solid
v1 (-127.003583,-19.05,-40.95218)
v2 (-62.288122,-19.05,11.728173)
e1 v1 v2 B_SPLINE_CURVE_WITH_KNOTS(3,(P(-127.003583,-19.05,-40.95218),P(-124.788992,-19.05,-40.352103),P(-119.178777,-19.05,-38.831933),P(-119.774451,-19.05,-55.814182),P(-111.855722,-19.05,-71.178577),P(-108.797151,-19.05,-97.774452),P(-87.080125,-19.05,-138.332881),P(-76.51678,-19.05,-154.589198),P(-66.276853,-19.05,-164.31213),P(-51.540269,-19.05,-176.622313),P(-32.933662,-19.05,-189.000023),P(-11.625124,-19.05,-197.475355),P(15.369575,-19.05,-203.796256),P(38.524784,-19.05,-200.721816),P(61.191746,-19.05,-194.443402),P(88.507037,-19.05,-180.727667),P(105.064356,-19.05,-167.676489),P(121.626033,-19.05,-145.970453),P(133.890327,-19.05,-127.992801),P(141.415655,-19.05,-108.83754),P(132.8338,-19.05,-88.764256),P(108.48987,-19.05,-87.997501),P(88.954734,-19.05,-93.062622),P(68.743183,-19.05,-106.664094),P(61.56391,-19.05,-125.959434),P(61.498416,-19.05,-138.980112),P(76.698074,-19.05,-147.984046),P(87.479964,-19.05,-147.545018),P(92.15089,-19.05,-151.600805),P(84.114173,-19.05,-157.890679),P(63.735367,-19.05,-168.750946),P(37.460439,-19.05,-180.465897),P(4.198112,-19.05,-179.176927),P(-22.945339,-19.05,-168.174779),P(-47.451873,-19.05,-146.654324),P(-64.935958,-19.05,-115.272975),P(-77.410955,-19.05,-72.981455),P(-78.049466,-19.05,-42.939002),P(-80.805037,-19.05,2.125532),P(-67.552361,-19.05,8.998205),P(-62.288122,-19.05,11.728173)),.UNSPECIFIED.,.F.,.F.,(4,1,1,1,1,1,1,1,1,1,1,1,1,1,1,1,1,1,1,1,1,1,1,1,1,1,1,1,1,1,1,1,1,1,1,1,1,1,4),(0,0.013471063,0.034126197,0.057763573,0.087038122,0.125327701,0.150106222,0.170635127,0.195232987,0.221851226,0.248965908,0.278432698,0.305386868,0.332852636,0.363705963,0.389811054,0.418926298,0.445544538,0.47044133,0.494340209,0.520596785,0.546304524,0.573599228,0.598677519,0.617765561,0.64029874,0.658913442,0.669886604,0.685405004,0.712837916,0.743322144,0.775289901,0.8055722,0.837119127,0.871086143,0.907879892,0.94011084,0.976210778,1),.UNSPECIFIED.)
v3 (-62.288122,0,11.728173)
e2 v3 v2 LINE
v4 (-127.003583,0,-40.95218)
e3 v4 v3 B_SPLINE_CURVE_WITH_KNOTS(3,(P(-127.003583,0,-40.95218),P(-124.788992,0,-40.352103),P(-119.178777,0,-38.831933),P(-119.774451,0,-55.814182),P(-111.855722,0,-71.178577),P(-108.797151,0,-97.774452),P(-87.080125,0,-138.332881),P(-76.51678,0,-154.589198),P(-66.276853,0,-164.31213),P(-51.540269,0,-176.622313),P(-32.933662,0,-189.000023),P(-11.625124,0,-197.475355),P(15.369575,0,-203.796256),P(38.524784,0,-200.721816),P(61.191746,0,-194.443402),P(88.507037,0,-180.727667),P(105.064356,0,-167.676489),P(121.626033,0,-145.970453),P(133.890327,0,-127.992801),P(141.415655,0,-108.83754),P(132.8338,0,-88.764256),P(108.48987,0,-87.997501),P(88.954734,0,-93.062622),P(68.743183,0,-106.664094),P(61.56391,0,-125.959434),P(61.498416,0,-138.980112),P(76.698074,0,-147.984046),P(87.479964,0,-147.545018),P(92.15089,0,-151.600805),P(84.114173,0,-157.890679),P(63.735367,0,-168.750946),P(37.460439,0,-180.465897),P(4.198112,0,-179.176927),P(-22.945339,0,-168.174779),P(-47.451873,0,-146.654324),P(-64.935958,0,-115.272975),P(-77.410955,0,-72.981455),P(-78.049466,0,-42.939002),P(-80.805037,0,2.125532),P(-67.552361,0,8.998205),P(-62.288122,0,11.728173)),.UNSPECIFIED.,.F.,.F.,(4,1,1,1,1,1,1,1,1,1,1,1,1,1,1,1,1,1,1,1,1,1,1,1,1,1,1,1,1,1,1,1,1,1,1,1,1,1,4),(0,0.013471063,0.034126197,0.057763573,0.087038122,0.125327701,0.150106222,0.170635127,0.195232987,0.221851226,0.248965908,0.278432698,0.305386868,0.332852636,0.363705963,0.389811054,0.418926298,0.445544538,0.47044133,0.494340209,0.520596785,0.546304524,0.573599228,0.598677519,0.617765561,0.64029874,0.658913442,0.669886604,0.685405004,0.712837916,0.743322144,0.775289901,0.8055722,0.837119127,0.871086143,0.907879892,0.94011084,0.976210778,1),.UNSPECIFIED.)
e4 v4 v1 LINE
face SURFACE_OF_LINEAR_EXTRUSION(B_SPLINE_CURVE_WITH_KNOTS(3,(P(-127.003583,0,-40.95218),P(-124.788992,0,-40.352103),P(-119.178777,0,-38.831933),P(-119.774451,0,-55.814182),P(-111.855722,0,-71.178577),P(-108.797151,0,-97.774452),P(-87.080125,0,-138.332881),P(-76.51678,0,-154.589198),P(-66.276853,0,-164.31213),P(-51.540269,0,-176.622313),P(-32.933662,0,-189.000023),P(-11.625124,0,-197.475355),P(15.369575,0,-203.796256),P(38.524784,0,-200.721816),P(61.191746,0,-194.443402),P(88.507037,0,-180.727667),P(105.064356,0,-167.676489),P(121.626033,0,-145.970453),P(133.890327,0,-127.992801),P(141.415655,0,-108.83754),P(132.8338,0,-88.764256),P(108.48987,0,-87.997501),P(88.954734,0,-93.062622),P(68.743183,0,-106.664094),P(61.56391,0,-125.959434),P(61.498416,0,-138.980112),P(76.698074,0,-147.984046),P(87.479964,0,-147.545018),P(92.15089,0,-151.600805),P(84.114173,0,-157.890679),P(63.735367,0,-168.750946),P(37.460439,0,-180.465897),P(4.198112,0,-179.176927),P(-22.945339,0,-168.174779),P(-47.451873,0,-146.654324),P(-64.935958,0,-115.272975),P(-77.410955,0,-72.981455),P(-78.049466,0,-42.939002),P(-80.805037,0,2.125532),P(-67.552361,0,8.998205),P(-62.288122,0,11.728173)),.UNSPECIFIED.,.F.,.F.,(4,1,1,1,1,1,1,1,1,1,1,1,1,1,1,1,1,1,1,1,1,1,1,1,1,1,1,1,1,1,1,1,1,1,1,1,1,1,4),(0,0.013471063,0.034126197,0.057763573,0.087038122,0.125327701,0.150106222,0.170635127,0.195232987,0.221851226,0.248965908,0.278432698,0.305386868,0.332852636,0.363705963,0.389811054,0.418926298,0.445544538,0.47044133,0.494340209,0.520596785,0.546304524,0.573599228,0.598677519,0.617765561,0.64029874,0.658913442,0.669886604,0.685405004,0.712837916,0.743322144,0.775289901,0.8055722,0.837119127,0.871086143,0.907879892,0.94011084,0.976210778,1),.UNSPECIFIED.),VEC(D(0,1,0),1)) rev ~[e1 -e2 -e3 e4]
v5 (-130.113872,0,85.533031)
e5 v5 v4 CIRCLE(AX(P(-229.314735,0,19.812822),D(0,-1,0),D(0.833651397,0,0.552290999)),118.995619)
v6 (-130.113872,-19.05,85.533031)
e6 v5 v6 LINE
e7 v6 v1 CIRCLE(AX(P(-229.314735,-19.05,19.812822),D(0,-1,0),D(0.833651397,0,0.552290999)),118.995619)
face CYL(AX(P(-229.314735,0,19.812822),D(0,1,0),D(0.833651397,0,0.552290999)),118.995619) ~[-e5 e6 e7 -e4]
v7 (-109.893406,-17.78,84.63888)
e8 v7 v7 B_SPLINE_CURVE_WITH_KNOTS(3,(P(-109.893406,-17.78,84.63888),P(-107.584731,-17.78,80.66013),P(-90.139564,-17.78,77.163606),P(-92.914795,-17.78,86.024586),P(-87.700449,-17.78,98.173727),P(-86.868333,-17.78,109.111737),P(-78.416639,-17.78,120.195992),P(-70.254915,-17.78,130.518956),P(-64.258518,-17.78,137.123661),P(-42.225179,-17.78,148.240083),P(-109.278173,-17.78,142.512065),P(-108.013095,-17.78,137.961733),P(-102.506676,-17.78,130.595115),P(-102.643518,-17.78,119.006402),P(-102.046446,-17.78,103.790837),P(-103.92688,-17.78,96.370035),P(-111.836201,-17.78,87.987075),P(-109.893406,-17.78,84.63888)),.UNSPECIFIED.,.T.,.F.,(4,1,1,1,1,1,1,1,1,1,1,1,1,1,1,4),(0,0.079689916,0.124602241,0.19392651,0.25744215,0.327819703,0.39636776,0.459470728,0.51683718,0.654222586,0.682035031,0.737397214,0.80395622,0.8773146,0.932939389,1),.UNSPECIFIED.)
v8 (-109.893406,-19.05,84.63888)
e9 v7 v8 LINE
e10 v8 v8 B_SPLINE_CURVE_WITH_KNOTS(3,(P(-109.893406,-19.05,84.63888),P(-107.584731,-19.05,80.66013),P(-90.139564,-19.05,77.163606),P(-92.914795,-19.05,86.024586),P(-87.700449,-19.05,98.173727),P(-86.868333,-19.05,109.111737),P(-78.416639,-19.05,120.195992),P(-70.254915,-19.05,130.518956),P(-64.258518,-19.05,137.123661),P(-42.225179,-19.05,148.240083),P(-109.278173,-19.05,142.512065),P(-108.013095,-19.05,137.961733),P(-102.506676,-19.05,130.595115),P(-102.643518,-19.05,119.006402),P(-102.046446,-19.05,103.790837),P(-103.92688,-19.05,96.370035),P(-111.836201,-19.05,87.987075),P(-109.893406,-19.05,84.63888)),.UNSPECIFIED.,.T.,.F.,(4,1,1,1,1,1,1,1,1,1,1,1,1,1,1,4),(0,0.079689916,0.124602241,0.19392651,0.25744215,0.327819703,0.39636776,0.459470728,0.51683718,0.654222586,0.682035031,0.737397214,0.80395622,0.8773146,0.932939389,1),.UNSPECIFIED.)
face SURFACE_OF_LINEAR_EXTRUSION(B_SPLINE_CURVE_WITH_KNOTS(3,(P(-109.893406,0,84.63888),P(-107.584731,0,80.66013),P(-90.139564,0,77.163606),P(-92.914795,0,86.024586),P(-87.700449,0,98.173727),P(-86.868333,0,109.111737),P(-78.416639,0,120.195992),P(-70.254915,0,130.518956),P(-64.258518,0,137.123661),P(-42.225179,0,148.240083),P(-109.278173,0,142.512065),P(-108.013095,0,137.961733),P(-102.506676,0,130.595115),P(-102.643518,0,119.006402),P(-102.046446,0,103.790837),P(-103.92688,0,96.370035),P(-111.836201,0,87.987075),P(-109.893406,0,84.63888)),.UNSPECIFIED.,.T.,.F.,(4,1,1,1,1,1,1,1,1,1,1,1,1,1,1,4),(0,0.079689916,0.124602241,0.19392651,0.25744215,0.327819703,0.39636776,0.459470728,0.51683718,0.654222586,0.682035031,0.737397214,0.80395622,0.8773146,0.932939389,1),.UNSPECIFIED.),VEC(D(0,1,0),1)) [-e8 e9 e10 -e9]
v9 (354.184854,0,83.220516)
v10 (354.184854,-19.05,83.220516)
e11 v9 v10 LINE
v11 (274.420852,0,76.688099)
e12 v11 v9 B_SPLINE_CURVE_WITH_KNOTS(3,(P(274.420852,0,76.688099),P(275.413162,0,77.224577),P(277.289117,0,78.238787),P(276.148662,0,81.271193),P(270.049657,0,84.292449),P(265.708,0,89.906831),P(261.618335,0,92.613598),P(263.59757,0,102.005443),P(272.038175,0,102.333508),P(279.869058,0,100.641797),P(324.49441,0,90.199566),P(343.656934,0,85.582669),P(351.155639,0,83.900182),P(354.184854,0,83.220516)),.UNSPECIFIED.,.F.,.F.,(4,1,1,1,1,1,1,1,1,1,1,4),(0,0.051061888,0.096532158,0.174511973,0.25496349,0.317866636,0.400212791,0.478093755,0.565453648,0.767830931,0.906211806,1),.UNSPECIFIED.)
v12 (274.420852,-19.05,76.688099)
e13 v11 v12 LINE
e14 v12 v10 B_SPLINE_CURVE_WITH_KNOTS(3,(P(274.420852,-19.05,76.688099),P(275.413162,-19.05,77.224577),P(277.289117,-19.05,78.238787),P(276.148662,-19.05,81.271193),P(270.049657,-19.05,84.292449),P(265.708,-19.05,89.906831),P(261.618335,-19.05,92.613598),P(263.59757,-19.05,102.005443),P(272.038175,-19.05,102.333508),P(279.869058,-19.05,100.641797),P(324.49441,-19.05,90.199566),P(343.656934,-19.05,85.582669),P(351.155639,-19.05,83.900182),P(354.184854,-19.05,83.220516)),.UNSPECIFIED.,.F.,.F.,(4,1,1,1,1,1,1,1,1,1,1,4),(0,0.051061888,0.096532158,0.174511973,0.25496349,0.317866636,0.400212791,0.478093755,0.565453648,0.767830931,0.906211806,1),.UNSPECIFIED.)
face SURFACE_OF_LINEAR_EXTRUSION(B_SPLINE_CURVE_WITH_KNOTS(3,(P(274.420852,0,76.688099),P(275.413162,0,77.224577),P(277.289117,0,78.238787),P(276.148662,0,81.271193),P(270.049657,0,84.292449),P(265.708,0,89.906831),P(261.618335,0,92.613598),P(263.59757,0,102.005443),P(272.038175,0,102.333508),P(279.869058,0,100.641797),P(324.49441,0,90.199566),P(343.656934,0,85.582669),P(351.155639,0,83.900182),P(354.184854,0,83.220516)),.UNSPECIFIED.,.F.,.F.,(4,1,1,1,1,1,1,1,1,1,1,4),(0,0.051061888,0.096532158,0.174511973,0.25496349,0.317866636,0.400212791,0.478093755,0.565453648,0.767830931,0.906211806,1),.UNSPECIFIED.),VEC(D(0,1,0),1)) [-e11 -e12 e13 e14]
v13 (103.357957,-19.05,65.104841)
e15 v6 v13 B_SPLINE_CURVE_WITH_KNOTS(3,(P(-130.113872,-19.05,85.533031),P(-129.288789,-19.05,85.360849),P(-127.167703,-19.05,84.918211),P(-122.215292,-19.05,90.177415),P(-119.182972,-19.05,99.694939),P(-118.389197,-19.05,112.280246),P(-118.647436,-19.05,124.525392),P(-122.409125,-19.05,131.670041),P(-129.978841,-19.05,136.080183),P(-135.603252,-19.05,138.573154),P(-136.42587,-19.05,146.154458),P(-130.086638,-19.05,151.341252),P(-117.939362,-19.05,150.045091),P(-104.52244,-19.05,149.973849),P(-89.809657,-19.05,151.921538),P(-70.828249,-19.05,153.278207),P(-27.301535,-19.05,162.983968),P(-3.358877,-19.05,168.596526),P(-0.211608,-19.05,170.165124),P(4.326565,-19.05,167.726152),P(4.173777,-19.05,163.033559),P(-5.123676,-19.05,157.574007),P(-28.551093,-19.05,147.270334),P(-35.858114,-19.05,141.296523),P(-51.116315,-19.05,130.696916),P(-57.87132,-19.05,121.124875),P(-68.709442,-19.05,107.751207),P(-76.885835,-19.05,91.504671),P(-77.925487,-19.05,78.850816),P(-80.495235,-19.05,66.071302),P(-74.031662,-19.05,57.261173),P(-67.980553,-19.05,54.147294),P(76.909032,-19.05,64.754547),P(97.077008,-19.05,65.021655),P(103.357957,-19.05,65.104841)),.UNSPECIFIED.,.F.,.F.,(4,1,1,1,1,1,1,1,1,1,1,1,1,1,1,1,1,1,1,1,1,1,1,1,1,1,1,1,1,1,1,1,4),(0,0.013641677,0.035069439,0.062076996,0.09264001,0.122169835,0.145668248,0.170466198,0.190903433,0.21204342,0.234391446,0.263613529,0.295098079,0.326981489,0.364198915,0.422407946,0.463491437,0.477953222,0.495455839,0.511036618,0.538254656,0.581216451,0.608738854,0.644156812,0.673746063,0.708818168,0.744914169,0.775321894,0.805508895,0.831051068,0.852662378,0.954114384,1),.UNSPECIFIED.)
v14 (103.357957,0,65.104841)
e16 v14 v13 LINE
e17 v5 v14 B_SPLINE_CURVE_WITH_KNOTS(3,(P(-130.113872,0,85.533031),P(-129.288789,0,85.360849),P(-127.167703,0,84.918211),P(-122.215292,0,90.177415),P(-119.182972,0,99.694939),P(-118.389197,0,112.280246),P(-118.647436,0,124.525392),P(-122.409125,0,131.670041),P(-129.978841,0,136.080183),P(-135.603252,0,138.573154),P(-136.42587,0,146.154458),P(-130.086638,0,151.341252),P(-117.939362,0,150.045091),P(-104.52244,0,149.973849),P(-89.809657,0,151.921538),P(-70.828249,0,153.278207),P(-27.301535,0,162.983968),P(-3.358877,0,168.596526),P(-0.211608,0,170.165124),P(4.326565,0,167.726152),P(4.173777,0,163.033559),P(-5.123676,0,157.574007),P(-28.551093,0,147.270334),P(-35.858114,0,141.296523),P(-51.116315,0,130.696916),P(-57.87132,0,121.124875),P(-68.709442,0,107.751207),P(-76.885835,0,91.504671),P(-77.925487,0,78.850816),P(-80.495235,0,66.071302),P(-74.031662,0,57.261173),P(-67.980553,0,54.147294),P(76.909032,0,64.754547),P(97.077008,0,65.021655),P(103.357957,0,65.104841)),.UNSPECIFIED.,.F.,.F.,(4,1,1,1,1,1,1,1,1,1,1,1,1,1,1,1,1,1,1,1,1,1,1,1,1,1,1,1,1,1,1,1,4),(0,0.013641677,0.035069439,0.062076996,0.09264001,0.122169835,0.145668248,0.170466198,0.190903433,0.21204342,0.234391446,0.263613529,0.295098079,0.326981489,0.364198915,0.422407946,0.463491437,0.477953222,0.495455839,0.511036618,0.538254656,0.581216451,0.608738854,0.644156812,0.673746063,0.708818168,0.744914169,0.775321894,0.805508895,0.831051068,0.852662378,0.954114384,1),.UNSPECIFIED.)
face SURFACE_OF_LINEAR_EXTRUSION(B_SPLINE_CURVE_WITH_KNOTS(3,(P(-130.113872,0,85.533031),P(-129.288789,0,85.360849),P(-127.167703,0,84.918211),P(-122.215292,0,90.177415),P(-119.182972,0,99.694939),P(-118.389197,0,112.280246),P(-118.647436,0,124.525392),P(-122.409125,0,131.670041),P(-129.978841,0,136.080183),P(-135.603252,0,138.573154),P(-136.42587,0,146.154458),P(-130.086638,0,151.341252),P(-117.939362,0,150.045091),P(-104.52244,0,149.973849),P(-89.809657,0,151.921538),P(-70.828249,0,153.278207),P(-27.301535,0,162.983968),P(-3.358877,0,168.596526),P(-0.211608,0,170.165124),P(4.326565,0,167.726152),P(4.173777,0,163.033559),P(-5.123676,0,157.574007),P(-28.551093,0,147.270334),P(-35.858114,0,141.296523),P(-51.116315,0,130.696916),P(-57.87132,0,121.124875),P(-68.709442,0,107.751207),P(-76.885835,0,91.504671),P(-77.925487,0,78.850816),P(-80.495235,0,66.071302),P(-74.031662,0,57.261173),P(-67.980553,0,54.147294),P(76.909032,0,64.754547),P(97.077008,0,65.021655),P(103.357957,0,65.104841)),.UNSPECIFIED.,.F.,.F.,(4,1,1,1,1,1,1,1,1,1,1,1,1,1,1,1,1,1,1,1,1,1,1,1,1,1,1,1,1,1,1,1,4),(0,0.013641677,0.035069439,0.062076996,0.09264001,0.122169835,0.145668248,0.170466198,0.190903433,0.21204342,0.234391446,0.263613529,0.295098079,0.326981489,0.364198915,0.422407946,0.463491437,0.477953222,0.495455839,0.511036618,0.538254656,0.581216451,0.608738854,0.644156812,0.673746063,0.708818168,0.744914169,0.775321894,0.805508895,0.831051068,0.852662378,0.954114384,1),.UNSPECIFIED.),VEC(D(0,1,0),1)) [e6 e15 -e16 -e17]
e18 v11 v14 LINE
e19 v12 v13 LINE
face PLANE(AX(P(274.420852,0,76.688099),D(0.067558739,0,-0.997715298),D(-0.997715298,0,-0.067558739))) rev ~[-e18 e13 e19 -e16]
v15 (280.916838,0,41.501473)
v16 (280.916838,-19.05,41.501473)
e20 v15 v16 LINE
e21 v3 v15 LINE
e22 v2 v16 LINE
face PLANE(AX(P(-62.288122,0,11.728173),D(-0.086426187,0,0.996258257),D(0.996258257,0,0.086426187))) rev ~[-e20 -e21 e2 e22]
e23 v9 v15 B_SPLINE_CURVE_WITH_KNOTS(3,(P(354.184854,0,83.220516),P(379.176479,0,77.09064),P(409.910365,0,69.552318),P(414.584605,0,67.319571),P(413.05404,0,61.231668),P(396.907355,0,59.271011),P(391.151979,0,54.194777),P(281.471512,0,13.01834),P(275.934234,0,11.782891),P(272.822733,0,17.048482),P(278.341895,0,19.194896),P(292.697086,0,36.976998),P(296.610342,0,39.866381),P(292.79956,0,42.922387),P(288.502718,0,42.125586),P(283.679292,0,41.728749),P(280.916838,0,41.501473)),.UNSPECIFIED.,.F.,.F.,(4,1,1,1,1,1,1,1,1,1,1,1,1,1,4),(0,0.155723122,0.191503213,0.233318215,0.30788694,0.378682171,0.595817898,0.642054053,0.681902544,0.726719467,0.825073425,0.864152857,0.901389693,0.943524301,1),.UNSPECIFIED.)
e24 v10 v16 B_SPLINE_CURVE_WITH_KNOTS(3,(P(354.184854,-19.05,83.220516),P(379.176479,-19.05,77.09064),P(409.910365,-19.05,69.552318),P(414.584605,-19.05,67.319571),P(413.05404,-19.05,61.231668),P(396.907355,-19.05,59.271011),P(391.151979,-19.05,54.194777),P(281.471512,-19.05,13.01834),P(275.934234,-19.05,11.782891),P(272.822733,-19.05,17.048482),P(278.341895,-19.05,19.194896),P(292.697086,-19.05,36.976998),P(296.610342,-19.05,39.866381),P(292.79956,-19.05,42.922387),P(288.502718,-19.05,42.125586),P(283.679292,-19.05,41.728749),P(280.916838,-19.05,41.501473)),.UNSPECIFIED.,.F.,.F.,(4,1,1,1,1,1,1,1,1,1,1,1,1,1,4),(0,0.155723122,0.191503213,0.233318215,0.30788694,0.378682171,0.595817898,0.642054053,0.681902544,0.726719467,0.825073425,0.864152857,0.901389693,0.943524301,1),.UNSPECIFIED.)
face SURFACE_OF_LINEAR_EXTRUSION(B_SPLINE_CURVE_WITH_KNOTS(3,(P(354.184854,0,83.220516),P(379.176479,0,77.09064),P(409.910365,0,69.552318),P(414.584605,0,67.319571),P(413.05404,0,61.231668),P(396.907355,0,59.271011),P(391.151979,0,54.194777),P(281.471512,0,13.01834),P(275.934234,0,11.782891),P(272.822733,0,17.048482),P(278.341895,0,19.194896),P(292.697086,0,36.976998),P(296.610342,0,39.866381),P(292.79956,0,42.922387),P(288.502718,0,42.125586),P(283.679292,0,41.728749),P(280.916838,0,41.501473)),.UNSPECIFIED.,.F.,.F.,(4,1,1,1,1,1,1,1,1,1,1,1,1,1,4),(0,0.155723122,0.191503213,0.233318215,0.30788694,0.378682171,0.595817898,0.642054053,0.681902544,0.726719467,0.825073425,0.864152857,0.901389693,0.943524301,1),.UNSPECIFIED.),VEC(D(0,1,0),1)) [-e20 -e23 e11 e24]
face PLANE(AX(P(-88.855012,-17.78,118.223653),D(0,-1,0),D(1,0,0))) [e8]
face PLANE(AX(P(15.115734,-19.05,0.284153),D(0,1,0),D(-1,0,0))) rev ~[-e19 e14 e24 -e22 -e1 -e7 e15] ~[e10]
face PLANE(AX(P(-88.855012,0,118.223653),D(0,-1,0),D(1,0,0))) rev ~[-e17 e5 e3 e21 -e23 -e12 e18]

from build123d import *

# Parameters (mm, degrees)
F1_DEPTH = 19.05
F2_DEPTH = 17.78


with BuildPart() as f1:
    # F0 (on Front) → F1 (new body)
    with BuildSketch(Plane.XZ):
        with BuildLine():
            add(Edge.make_bspline(
                [(-130.1138715536, 85.533031255), (-129.2887892248, 85.3608493241), (-127.1677029561, 84.9182113998), (-122.2152918066, 90.1774152148), (-119.1829720352, 99.6949387402), (-118.3891973252, 112.2802455132), (-118.6474362732, 124.5253916836), (-122.4091250648, 131.6700414546), (-129.978840605, 136.0801830312), (-135.6032518203, 138.5731538189), (-136.4258696231, 146.1544575476), (-130.0866375266, 151.3412522962), (-117.9393615236, 150.0450910916), (-104.5224403916, 149.9738489288), (-89.8096566769, 151.9215379572), (-70.8282493221, 153.2782066419), (-27.3015347153, 162.9839680946), (-3.3588766352, 168.5965261926), (-0.2116083294, 170.1651240955), (4.3265653565, 167.7261518223), (4.1737774403, 163.0335588831), (-5.1236763253, 157.5740067579), (-28.5510929849, 147.2703335873), (-35.8581144382, 141.2965225989), (-51.1163145638, 130.6969160803), (-57.871320392, 121.1248748848), (-68.7094415261, 107.7512069579), (-76.8858353688, 91.5046705648), (-77.9254866824, 78.8508161239), (-80.4952346226, 66.0713016523), (-74.0316624393, 57.2611729641), (-67.9805533182, 54.1472939738), (76.9090319393, 64.7545473028), (97.077008369, 65.0216549941), (103.35795691, 65.1048408144)],
                knots=[0, 0, 0, 0, 0.0136416771, 0.0350694386, 0.0620769956, 0.0926400103, 0.1221698352, 0.1456682483, 0.1704661977, 0.1909034329, 0.2120434198, 0.2343914463, 0.263613529, 0.2950980795, 0.3269814887, 0.3641989146, 0.4224079461, 0.4634914372, 0.4779532224, 0.4954558392, 0.511036618, 0.5382546557, 0.5812164511, 0.6087388545, 0.6441568117, 0.6737460625, 0.7088181682, 0.7449141686, 0.7753218942, 0.8055088948, 0.8310510684, 0.8526623776, 0.9541143839, 1, 1, 1, 1], degree=3))
            ThreePointArc((-130.1138715536, 85.533031255), (-348.274393402, 16.8875883331), (-127.0035833662, -40.9521795884))
            add(Edge.make_bspline(
                [(-127.0035833662, -40.9521795884), (-124.7889924499, -40.3521034661), (-119.1787768513, -38.8319326767), (-119.7744511111, -55.8141820775), (-111.8557216117, -71.1785767002), (-108.7971505641, -97.7744521995), (-87.08012502, -138.3328806709), (-76.5167799748, -154.5891976673), (-66.2768529704, -164.3121298532), (-51.540269322, -176.6223126135), (-32.9336617927, -189.0000233946), (-11.6251235733, -197.4753549727), (15.3695750329, -203.7962555377), (38.5247841496, -200.7218157176), (61.1917463006, -194.4434023789), (88.5070374002, -180.727667126), (105.0643557086, -167.6764886572), (121.6260328361, -145.970453329), (133.8903271074, -127.9928010116), (141.4156552061, -108.8375396279), (132.8338003583, -88.7642559434), (108.4898703953, -87.9975005115), (88.9547341231, -93.0626223511), (68.743183191, -106.6640938429), (61.5639097899, -125.9594344396), (61.4984159533, -138.9801118384), (76.6980736063, -147.9840461693), (87.4799642917, -147.5450179052), (92.1508898208, -151.6008048976), (84.1141729024, -157.8906792073), (63.7353671129, -168.7509456071), (37.4604391487, -180.4658971441), (4.1981122443, -179.176927337), (-22.9453386225, -168.1747790047), (-47.4518729918, -146.6543241751), (-64.9359582195, -115.2729751313), (-77.4109549893, -72.9814546745), (-78.0494663763, -42.9390017603), (-80.8050369043, 2.1255323674), (-67.5523606405, 8.9982045754), (-62.2881216094, 11.7281731165)],
                knots=[0, 0, 0, 0, 0.0134710627, 0.0341261971, 0.0577635726, 0.0870381219, 0.1253277009, 0.1501062224, 0.1706351267, 0.1952329869, 0.2218512264, 0.2489659084, 0.2784326976, 0.3053868677, 0.332852636, 0.3637059632, 0.3898110537, 0.4189262978, 0.445544538, 0.4704413301, 0.4943402087, 0.5205967849, 0.5463045238, 0.5735992275, 0.5986775189, 0.617765561, 0.6402987395, 0.6589134417, 0.6698866038, 0.6854050038, 0.7128379163, 0.7433221437, 0.7752899012, 0.8055722, 0.8371191266, 0.8710861427, 0.9078798919, 0.9401108402, 0.9762107784, 1, 1, 1, 1], degree=3))
            Line((-62.2881216094, 11.7281731165), (280.9168382821, 41.5014732555))
            add(Edge.make_bspline(
                [(354.1848536298, 83.2205161709), (379.1764793503, 77.0906399114), (409.910364917, 69.5523181709), (414.5846045649, 67.3195711752), (413.054040117, 61.2316678476), (396.9073547283, 59.2710113646), (391.1519791218, 54.1947772163), (281.4715123303, 13.0183395587), (275.9342339943, 11.7828905061), (272.8227333263, 17.0484821587), (278.341895266, 19.1948959222), (292.6970857475, 36.9769978758), (296.6103419155, 39.8663813583), (292.7995596475, 42.9223867905), (288.5027178272, 42.125586477), (283.6792915882, 41.7287486323), (280.9168382821, 41.5014732555)],
                knots=[0, 0, 0, 0, 0.155723122, 0.1915032126, 0.2333182148, 0.3078869405, 0.378682171, 0.5958178976, 0.6420540529, 0.6819025443, 0.7267194671, 0.8250734248, 0.8641528567, 0.9013896927, 0.9435243008, 1, 1, 1, 1], degree=3))
            add(Edge.make_bspline(
                [(274.4208515185, 76.6880985395), (275.4131616941, 77.2245772912), (277.289117428, 78.2387867745), (276.1486616258, 81.2711931277), (270.049657067, 84.2924491608), (265.7079998747, 89.9068305236), (261.6183345247, 92.6135979757), (263.5975696047, 102.0054433219), (272.0381746162, 102.3335076211), (279.8690581236, 100.6417965634), (324.4944098525, 90.1995655376), (343.6569339766, 85.5826686793), (351.1556388048, 83.900182015), (354.1848536298, 83.2205161709)],
                knots=[0, 0, 0, 0, 0.0510618884, 0.0965321577, 0.1745119725, 0.2549634898, 0.3178666364, 0.4002127914, 0.4780937553, 0.5654536484, 0.7678309311, 0.9062118057, 1, 1, 1, 1], degree=3))
            Line((274.4208515185, 76.6880985395), (103.35795691, 65.1048408144))
        make_face()
        with BuildLine():
            add(Edge.make_bspline(
                [(-109.8934060262, 84.6388796731), (-107.5847307861, 80.660129624), (-90.1395638123, 77.1636055904), (-92.9147951119, 86.0245859256), (-87.7004493172, 98.1737267081), (-86.8683330202, 109.1117372662), (-78.4166385089, 120.1959923948), (-70.2549145058, 130.5189562401), (-64.2585176563, 137.1236606883), (-42.2251793917, 148.2400826165), (-109.2781733308, 142.5120649463), (-108.0130951816, 137.9617332114), (-102.5066757344, 130.595115487), (-102.6435179321, 119.0064023717), (-102.0464458909, 103.7908373934), (-103.9268802099, 96.3700346133), (-111.8362010532, 87.9870750689), (-109.8934060262, 84.6388796731)],
                knots=[0, 0, 0, 0, 0.0796899159, 0.1246022407, 0.19392651, 0.2574421499, 0.3278197029, 0.3963677595, 0.4594707281, 0.5168371801, 0.6542225855, 0.6820350308, 0.7373972144, 0.8039562203, 0.8773146005, 0.9329393889, 1, 1, 1, 1], degree=3))
        make_face(mode=Mode.SUBTRACT)
    extrude(amount=F1_DEPTH)

    # F0 (on Front) → F2 (join)
    with BuildSketch(Plane.XZ):
        with BuildLine():
            add(Edge.make_bspline(
                [(-109.8934060262, 84.6388796731), (-107.5847307861, 80.660129624), (-90.1395638123, 77.1636055904), (-92.9147951119, 86.0245859256), (-87.7004493172, 98.1737267081), (-86.8683330202, 109.1117372662), (-78.4166385089, 120.1959923948), (-70.2549145058, 130.5189562401), (-64.2585176563, 137.1236606883), (-42.2251793917, 148.2400826165), (-109.2781733308, 142.5120649463), (-108.0130951816, 137.9617332114), (-102.5066757344, 130.595115487), (-102.6435179321, 119.0064023717), (-102.0464458909, 103.7908373934), (-103.9268802099, 96.3700346133), (-111.8362010532, 87.9870750689), (-109.8934060262, 84.6388796731)],
                knots=[0, 0, 0, 0, 0.0796899159, 0.1246022407, 0.19392651, 0.2574421499, 0.3278197029, 0.3963677595, 0.4594707281, 0.5168371801, 0.6542225855, 0.6820350308, 0.7373972144, 0.8039562203, 0.8773146005, 0.9329393889, 1, 1, 1, 1], degree=3))
        make_face()
    extrude(amount=F2_DEPTH)


solid = f1.part
